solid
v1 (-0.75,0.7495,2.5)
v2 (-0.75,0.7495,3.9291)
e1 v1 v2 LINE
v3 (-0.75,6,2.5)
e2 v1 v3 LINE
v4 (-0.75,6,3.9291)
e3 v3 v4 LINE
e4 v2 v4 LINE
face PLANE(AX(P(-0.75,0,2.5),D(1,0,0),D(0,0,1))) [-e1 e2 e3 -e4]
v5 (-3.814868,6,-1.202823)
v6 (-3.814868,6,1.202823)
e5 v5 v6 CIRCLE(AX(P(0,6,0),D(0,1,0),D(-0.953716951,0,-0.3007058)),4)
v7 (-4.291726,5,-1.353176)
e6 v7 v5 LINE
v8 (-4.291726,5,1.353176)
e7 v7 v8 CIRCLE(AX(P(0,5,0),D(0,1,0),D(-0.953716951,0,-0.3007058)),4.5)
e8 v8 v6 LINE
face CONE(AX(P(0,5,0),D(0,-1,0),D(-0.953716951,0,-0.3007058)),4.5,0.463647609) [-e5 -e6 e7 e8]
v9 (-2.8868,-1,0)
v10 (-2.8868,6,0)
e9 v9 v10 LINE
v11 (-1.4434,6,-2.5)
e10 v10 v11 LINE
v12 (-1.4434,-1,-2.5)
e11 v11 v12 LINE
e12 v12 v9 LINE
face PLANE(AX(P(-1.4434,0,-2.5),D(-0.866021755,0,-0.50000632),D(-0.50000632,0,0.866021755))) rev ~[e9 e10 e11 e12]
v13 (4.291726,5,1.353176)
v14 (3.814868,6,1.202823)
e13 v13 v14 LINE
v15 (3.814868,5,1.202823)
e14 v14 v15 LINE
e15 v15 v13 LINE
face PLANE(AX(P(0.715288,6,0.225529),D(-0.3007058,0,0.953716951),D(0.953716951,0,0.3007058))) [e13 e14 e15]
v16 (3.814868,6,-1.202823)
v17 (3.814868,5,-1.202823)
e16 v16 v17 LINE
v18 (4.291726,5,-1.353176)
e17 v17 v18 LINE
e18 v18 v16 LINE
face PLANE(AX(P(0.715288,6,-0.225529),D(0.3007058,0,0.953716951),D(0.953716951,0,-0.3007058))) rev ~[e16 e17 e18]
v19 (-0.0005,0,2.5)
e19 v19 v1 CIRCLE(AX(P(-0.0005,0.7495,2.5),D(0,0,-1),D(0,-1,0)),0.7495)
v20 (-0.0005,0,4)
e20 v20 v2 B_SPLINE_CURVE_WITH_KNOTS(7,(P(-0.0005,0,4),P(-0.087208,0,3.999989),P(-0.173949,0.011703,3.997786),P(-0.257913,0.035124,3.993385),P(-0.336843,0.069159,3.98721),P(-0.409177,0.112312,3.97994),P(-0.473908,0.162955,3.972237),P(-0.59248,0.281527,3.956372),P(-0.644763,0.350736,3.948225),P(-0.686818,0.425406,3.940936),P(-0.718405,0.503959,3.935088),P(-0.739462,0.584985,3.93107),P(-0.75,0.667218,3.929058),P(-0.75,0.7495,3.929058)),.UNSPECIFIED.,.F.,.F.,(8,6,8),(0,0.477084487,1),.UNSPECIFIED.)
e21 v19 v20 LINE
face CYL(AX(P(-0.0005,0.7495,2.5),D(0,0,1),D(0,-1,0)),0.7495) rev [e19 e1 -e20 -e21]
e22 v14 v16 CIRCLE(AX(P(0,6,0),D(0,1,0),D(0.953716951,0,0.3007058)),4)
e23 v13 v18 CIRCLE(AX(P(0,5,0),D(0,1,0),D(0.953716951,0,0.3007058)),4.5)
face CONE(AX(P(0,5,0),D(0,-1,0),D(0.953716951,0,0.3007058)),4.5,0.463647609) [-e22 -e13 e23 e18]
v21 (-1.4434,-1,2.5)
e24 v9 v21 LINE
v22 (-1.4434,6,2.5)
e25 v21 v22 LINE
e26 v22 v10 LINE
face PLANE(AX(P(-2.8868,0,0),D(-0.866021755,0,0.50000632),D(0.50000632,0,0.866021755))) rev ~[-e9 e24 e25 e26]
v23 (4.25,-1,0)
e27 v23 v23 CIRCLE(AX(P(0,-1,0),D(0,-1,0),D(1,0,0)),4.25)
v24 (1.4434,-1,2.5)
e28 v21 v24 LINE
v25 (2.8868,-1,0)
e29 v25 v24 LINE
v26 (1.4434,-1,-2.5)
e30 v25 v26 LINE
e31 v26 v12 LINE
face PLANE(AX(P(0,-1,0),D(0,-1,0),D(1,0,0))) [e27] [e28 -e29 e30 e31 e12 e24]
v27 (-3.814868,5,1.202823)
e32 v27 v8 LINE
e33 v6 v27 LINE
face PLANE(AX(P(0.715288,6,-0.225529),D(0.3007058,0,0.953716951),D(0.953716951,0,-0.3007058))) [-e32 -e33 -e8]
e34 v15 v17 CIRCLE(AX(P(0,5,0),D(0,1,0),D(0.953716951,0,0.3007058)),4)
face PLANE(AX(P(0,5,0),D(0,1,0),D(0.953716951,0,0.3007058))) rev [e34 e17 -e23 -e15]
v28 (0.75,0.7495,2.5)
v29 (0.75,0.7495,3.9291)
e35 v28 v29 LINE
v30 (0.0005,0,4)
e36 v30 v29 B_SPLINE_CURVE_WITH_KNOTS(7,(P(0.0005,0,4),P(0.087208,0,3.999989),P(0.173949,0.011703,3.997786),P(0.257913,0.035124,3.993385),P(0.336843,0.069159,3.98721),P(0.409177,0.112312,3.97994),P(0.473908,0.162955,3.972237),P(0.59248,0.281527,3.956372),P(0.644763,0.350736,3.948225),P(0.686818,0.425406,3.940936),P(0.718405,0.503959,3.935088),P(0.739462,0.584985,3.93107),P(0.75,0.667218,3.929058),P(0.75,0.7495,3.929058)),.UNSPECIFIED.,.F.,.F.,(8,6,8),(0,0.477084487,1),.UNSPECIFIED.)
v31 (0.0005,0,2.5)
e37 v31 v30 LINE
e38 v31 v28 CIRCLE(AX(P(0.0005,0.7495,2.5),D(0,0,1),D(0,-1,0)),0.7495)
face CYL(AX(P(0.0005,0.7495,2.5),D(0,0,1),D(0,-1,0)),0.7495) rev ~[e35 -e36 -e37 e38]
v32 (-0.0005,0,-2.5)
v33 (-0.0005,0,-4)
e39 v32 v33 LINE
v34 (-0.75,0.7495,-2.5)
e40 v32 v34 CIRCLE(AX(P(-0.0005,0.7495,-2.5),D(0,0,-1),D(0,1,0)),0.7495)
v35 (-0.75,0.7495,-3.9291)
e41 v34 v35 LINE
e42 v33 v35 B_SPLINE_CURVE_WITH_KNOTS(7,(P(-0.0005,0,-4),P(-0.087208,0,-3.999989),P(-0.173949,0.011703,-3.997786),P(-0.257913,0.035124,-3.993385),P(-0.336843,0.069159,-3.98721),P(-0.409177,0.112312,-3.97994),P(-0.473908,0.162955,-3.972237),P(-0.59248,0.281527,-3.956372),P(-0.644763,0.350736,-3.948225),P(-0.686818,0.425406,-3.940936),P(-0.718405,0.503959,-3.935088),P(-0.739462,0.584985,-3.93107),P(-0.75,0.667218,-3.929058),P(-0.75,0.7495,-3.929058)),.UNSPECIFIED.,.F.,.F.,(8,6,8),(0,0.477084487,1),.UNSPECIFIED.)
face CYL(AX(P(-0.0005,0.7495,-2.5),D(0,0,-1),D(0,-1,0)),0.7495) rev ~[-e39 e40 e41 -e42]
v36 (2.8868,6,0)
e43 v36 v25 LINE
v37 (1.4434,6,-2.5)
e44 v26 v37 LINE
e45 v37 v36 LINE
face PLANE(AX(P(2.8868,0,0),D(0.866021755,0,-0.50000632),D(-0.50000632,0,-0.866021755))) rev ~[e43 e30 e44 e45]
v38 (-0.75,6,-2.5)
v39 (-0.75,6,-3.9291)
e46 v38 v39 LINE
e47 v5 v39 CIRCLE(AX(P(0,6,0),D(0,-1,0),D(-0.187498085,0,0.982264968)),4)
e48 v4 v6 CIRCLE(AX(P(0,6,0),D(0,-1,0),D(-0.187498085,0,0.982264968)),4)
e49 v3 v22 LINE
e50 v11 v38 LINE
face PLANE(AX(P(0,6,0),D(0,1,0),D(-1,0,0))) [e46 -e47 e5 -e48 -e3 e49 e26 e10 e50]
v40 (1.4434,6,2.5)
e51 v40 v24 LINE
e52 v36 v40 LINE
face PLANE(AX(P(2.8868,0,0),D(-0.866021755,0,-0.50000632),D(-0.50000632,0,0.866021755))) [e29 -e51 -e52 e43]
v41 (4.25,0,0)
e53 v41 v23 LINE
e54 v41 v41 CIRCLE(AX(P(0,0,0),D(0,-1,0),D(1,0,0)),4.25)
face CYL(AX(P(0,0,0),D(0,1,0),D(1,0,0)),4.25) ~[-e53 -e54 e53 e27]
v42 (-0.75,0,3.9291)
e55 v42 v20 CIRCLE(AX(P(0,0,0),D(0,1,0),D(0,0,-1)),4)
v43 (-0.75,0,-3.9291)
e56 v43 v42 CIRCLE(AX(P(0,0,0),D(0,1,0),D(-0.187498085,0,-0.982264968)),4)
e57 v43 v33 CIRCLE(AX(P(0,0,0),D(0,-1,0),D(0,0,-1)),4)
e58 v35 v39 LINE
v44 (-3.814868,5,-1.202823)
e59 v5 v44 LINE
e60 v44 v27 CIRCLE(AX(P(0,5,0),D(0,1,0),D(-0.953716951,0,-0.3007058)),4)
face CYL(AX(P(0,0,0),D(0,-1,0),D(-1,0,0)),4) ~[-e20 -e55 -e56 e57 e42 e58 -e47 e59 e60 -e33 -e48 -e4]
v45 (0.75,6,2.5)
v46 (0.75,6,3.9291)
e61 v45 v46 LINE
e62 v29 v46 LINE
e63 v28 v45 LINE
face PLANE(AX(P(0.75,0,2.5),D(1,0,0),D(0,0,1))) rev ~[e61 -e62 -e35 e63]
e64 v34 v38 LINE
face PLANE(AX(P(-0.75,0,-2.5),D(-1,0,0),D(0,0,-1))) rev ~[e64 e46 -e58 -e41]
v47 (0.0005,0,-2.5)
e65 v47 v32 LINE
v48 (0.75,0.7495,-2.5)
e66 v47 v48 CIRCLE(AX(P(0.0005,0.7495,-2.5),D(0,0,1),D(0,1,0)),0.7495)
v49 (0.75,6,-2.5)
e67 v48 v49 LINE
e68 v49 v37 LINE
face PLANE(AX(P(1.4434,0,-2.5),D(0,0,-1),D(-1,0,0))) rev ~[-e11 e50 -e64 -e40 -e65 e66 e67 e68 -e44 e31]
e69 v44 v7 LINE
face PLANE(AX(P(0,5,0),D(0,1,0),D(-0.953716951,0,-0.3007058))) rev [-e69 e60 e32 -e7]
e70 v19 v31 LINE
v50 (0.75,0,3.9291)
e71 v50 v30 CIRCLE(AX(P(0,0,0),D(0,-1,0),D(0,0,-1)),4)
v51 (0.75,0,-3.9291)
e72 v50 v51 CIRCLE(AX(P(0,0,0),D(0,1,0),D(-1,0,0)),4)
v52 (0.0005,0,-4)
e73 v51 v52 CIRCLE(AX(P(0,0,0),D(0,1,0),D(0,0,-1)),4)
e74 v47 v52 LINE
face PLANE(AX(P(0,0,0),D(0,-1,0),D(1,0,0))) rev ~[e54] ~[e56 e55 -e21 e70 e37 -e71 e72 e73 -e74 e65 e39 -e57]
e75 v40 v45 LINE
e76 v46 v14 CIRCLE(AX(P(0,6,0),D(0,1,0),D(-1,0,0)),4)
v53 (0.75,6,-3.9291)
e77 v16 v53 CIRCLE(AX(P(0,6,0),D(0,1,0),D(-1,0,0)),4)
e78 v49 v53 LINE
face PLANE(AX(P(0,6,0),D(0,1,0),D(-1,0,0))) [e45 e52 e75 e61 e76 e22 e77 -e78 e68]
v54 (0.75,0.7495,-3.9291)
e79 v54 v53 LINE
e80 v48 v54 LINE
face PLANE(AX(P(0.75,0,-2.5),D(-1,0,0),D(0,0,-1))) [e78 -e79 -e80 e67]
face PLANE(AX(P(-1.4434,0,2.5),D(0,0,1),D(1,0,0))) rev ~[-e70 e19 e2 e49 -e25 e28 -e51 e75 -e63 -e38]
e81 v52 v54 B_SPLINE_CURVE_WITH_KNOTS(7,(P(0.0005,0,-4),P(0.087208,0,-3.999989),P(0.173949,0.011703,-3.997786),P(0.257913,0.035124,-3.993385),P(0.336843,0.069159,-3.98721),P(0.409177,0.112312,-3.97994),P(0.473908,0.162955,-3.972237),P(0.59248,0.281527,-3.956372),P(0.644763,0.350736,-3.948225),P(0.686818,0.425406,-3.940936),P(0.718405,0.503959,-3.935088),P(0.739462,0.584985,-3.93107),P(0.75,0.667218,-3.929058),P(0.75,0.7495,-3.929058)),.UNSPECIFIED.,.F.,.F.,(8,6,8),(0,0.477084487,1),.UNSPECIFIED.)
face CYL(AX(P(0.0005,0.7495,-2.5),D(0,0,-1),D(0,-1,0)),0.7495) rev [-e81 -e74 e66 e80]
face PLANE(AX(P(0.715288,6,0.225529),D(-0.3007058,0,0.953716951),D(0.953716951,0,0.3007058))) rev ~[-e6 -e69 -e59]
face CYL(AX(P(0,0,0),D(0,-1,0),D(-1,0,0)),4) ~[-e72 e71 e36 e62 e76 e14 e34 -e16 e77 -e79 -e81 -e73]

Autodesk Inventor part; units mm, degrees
ref_plane "YZ Plane" through (0, 0, 0) normal (1, 0, 0) x (0, 1, 0)
ref_plane "XZ Plane" through (0, 0, 0) normal (0, 1, 0) x (-1, 0, 0)
sketch "Sketch1" plane through (0, 0, 0) normal (0, 1, 0) x (-1, 0, 0)
  circle A0 centre (0, 0) radius 4
  circle A1 centre (0, 0) radius 2.5 construction
  line L0 (1.4434, 2.5) -> (2.8868, 0)
  line L1 (2.8868, 0) -> (1.4434, -2.5)
  line L2 (1.4434, -2.5) -> (-1.4434, -2.5)
  line L3 (-1.4434, -2.5) -> (-2.8868, 0)
  line L4 (-2.8868, 0) -> (-1.4434, 2.5)
  line L5 (-1.4434, 2.5) -> (1.4434, 2.5)
  line L6 (0, -2.5) -> (0, -4) construction
  line L7 (0.75, -2.5) -> (0.75, -3.9291)
  line L8 (-0.75, -2.5) -> (-0.75, -3.9291)
  line L9 (2.8868, 0) -> (-2.8868, 0) construction
  line L10 (0.75, 2.5) -> (0.75, 3.9291)
  line L11 (-0.75, 2.5) -> (-0.75, 3.9291)
  point P0 (0, 2.5)
  point P1 (-0.75, 2.5)
  point P2 (-0.75, 3.9291)
  point P3 (0.75, 3.9291)
  point P4 (0.75, 2.5)
  dimension "d1" = 5
  dimension "d0" = 8
  dimension "d2" = 0.75
  dimension "d3" = 0.75
extrude "Extrusion1" add sketch "Sketch1" along normal blind 6 contours A0 L7 L2 L1 L0 L5 L10 | L11 L5 L4 L3 L2 L8 A0
sketch "Sketch2" plane through (0, 0, 0) normal (0, -1, 0) x (1, 0, 0)
  circle A0 centre (0, 0) radius 4.25
  line L0 (2.8868, 0) -> (1.4434, 2.5) projected
  line L1 (2.8868, 0) -> (1.4434, -2.5)
  line L2 (1.4434, -2.5) -> (-1.4434, -2.5)
  line L3 (-1.4434, -2.5) -> (-2.8868, 0)
  line L4 (-2.8868, 0) -> (-1.4434, 2.5)
  line L5 (-1.4434, 2.5) -> (1.4434, 2.5)
  line L6 (1.4434, 2.5) -> (2.8868, 0)
  dimension "d6" = 8.5
extrude "Extrusion2" add sketch "Sketch2" along normal blind 1
ref_plane "Work Plane1" through (0.75, 6, 0) normal (0, 0, 1) x (1, 0, 0)
sketch "Sketch3" plane through (0.75, 6, 0) normal (0, 0, 1) x (1, 0, 0)
  line L0 (3.25, 0) -> (0, 0) projected
  line L1 (3.25, 0) -> (3.25, -1)
  line L2 (3.25, -6) -> (3.25, 0) projected
  line L3 (3.25, -1) -> (3.75, -1)
  line L4 (3.75, -1) -> (3.25, 0)
  line L5 (3.25, 0) -> (2.9426, 0)
  line L6 (2.9426, 0) -> (2.9426, -1)
  line L7 (2.9426, -1) -> (3.25, -1)
  line L8 (-0.75, -6) -> (-0.75, 0) construction
  line L9 (-4.75, 0) -> (-1.5, 0)
  line L10 (-4.75, 0) -> (-4.75, -1)
  line L11 (-4.75, -1) -> (-5.25, -1)
  line L12 (-5.25, -1) -> (-4.75, 0)
  line L13 (-4.4426, 0) -> (-4.4426, -1)
  line L14 (-4.4426, -1) -> (-4.75, -1)
  dimension "d9" = 1
  dimension "d10" = 0.5
revolve "Revolution1" add sketch "Sketch3" angle 35 mid plane about axis through (0, 0, 0) along (0, 1, 0) contours L4 L3 L1 | L10 L11 L12
fillet "Fillet1" radius 0.75 4 edges at (0.75, 0, 3.2145) (-0.75, 0, 3.2145) (0.75, 0, -3.2145) (-0.75, 0, -3.2145)
properties part number "5mmHexInsert"
